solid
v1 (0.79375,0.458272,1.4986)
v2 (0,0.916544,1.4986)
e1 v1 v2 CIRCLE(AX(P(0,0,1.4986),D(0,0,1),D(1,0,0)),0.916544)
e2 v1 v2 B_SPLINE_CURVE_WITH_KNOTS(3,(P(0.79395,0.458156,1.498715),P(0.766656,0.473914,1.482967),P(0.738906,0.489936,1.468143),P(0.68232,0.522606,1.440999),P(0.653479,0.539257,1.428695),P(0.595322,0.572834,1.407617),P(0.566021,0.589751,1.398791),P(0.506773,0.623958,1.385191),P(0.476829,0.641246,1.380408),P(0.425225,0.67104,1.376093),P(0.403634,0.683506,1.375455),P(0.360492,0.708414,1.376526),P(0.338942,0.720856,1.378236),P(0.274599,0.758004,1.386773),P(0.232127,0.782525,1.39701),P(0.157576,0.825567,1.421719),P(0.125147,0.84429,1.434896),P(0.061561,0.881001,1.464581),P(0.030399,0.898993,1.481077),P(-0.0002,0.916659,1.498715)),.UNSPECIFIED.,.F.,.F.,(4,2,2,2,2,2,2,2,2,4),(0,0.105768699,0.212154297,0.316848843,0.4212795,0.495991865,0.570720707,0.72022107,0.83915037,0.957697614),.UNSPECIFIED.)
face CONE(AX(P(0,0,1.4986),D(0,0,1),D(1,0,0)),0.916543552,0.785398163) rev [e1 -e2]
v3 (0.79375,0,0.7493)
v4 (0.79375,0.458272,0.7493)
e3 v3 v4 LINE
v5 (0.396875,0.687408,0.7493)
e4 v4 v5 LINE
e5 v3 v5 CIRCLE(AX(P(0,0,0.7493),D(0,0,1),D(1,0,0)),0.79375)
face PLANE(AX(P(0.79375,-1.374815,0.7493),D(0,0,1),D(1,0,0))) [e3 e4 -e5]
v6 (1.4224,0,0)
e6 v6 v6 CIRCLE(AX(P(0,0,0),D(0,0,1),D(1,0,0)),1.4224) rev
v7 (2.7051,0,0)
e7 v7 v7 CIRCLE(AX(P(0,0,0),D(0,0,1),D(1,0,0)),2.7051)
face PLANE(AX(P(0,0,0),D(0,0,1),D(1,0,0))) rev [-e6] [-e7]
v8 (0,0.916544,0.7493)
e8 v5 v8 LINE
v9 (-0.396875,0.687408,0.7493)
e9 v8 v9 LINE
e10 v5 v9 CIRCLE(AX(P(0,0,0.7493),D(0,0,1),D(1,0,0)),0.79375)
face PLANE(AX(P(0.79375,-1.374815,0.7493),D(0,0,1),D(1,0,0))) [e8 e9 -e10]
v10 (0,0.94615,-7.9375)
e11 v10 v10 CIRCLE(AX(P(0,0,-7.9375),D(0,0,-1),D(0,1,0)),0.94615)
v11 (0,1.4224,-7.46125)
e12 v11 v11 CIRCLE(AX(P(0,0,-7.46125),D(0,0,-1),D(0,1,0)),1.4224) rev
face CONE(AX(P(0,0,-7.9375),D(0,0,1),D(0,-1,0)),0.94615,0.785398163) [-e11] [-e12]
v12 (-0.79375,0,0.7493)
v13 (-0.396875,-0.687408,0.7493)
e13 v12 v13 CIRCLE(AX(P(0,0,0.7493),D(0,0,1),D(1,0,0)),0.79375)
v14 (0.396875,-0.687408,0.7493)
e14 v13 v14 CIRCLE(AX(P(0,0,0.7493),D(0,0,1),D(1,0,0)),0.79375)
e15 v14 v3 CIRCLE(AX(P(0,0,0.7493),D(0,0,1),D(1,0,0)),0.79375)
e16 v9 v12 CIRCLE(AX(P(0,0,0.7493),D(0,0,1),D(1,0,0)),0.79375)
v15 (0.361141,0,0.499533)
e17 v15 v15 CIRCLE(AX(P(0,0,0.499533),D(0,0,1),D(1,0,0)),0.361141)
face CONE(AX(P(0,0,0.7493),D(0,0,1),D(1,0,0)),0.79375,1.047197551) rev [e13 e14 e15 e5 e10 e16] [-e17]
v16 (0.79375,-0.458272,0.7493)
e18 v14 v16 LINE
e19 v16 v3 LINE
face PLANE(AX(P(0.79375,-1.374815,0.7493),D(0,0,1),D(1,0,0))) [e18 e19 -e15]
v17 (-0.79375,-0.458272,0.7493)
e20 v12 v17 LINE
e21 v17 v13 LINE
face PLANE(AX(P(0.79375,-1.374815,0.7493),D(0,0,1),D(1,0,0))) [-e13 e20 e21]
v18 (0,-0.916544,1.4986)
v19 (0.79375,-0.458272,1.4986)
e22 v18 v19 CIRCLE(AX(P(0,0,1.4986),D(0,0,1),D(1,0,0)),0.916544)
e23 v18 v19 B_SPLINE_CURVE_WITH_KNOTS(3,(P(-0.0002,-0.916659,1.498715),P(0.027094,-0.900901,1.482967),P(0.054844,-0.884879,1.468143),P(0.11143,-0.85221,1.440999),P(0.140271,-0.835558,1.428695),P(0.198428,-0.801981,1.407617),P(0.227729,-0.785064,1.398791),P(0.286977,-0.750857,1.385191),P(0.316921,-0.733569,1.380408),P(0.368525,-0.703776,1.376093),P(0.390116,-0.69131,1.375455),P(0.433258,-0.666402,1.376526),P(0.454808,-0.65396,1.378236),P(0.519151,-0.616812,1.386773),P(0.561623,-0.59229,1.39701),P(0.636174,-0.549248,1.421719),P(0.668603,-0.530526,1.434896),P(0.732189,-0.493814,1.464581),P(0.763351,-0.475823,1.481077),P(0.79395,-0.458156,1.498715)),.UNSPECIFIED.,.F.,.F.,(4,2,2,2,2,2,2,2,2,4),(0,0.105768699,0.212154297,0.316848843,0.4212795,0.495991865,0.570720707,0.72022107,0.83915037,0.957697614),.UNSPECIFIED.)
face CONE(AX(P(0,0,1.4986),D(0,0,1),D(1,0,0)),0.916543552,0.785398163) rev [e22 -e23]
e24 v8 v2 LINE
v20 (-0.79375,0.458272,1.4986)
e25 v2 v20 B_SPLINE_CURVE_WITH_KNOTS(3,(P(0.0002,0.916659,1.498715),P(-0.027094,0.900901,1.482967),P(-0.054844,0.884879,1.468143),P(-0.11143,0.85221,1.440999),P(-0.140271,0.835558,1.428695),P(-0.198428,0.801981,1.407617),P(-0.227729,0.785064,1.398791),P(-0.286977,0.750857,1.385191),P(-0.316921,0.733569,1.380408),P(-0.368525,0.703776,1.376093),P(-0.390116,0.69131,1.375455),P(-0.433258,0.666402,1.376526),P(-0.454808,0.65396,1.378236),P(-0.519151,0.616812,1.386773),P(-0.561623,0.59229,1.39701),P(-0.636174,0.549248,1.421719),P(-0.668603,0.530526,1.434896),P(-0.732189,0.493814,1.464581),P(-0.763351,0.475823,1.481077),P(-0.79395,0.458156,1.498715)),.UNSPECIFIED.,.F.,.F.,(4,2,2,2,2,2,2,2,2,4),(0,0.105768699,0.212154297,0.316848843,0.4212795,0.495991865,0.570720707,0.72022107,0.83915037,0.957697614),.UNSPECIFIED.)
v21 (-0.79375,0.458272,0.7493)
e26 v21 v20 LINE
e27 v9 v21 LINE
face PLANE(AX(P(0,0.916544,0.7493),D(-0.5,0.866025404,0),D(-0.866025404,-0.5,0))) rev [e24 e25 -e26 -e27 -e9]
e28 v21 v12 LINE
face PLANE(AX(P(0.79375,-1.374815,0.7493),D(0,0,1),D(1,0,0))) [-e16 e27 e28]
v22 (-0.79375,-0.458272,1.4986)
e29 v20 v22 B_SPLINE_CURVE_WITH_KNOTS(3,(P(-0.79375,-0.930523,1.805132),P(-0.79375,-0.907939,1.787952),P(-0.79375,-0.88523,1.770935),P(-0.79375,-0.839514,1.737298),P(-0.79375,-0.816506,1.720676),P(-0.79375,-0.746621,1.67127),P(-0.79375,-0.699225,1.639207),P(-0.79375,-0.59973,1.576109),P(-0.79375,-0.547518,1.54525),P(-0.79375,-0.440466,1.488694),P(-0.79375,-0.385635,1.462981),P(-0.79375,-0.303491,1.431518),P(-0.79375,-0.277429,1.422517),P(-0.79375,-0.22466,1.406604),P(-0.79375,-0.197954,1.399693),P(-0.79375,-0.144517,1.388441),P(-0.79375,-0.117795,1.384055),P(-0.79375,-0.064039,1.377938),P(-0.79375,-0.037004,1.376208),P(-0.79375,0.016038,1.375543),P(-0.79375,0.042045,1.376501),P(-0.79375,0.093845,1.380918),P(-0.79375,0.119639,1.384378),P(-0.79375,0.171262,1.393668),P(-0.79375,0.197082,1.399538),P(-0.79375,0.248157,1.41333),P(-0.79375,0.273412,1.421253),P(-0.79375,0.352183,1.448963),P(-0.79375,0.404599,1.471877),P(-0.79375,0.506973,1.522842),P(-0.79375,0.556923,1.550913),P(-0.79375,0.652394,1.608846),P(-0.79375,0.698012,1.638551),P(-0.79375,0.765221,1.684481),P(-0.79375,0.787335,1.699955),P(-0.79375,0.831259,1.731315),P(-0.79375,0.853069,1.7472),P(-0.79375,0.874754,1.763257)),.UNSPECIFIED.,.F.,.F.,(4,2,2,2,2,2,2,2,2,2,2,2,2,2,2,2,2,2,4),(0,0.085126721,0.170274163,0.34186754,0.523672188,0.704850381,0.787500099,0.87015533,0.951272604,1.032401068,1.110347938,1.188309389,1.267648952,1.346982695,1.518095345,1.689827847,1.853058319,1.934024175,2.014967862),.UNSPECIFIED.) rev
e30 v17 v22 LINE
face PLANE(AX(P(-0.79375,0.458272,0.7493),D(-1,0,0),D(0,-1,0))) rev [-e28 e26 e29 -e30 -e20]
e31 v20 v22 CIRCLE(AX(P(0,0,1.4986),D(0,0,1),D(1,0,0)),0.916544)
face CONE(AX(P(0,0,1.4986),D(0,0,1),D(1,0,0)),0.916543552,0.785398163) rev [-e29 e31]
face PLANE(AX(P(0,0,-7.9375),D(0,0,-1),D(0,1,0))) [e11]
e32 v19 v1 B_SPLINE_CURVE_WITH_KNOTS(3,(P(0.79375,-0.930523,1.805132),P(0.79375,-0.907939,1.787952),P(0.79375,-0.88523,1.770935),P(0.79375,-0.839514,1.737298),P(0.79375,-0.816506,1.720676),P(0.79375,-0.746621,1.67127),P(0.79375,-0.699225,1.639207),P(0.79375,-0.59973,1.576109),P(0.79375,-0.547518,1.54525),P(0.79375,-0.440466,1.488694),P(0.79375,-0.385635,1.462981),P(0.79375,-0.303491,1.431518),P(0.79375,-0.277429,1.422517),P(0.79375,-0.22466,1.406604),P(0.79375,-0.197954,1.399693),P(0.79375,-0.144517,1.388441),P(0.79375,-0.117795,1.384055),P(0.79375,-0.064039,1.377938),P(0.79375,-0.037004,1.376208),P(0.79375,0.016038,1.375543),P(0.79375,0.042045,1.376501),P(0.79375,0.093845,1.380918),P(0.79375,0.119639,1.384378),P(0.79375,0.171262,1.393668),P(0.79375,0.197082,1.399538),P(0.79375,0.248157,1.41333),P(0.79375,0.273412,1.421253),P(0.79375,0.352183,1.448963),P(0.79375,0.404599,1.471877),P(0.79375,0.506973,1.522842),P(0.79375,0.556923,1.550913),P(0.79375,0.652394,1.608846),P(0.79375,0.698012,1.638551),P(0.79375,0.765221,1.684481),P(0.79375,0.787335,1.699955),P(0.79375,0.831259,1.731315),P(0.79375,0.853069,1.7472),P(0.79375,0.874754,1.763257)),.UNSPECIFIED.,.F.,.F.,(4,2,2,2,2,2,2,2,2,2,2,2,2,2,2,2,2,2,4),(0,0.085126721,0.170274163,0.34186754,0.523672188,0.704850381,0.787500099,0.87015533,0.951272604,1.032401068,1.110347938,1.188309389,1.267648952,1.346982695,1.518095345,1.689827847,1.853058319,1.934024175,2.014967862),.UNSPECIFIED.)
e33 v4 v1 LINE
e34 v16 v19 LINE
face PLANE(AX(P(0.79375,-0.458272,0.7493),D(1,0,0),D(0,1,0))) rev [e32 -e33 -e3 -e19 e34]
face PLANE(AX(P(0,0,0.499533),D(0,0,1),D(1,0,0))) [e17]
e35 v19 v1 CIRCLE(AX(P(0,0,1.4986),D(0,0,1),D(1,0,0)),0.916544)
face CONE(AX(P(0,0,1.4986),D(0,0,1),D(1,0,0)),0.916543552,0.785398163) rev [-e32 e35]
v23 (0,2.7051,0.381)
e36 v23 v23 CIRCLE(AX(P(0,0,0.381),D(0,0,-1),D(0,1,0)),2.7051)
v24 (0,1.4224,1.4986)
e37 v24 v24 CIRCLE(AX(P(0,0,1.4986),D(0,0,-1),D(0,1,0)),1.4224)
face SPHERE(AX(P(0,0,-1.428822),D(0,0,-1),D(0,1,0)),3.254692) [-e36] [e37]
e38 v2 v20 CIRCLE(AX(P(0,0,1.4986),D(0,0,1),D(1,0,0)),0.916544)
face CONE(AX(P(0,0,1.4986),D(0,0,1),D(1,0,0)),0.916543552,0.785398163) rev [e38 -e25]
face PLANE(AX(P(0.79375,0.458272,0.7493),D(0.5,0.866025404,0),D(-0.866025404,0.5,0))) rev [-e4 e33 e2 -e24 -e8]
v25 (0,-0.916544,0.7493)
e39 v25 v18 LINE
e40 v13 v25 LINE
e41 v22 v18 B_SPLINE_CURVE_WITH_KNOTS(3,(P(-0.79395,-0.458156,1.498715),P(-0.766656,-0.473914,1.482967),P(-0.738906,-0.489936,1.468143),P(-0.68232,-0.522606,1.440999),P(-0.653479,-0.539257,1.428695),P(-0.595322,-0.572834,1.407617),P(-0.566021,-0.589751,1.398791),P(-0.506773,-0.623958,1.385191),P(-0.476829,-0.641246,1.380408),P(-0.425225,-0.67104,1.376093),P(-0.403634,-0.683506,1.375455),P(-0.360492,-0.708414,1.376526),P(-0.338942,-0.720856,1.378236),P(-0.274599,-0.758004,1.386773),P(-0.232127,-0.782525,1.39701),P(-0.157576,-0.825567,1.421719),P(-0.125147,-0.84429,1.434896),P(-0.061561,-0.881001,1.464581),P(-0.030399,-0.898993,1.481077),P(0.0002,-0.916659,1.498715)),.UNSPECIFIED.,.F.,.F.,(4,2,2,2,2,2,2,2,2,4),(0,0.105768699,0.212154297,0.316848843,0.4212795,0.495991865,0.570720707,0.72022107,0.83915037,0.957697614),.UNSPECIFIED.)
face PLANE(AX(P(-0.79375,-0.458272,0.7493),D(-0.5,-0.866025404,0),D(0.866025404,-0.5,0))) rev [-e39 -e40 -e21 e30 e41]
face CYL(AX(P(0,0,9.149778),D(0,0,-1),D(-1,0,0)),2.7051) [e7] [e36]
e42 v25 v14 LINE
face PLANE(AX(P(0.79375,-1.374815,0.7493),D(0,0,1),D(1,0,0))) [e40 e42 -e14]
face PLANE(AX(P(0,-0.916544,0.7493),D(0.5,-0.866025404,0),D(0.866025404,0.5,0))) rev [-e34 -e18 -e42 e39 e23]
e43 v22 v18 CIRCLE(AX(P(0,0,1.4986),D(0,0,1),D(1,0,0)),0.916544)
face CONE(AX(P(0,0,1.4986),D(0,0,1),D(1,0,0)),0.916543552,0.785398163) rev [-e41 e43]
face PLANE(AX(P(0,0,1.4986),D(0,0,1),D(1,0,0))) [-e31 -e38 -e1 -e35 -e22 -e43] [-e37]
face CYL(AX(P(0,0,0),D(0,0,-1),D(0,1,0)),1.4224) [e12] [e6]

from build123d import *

# Parameters (mm, degrees)
SKETCH1_W          = 7.9375
SKETCH1_H          = 1.4224
CHAMFER1_SIZE      = 0.47625
SKETCH4_R          = 2.7051
EXTRUDE1_DEPTH     = 1.4986
CUT_EXTRUDE1_DEPTH = 0.7493
SKETCH7_R          = 0.916543552
CUT_EXTRUDE4_DEPTH = 0.7493
CUT_EXTRUDE4_TAPER = 45
SKETCH8_R          = 0.79375
CUT_EXTRUDE5_DEPTH = 0.249766667
CUT_EXTRUDE5_TAPER = 60


with BuildPart() as part:
    # Sketch1 → Revolve1 (revolve)
    with BuildSketch(Plane(origin=(0, 0, 0), x_dir=(0, 0, -1), z_dir=(1, 0, 0))):
        with Locations((3.96875, 0.7112)):
            Rectangle(SKETCH1_W, SKETCH1_H)
    revolve(axis=Axis((0, 0, 0), (0, 0, 1)))

    # Chamfer1
    chamfer1_edges = [part.edges().sort_by_distance(p)[0] for p in [
        (0, -1.4224, -7.9375),
    ]]
    chamfer(chamfer1_edges, length=CHAMFER1_SIZE)

    # Sketch4 → Extrude1 (add)
    with BuildSketch(Plane.XY):
        Circle(SKETCH4_R)
    extrude(amount=EXTRUDE1_DEPTH)

    # Sketch9 → Cut-Revolve3 (revolve, cut)
    with BuildSketch(Plane(origin=(0, 0, 0), x_dir=(0, 0, -1), z_dir=(1, 0, 0))):
        with BuildLine():
            Line((0, 2.7051), (-0.381, 2.7051))
            ThreePointArc((-0.381, 2.7051), (-1.025093234, 2.138064897), (-1.4986, 1.4224))
            Line((-1.4986, 1.4224), (-1.8796, 1.4224))
            Line((-1.8796, 1.4224), (-1.8796, 3.0861))
            Line((-1.8796, 3.0861), (0, 3.0861))
            Line((0, 3.0861), (0, 2.7051))
        make_face()
    revolve(axis=Axis((0, 0, 0), (0, 0, 1)), mode=Mode.SUBTRACT)

    # Sketch6 → Cut-Extrude1 (cut)
    with BuildSketch(Plane.XY.offset(1.4986)):
        Polygon((0, -0.916543552), (0.79375, -0.458271776), (0.79375, 0.458271776), (0, 0.916543552), (-0.79375, 0.458271776), (-0.79375, -0.458271776), align=None)
    extrude(amount=-CUT_EXTRUDE1_DEPTH, mode=Mode.SUBTRACT)

    # Sketch7 → Cut-Extrude4 (cut)
    with BuildSketch(Plane.XY.offset(1.4986)):
        Circle(SKETCH7_R)
    extrude(amount=-CUT_EXTRUDE4_DEPTH, taper=CUT_EXTRUDE4_TAPER, mode=Mode.SUBTRACT)

    # Sketch8 → Cut-Extrude5 (cut)
    with BuildSketch(Plane.XY.offset(0.7493)):
        Circle(SKETCH8_R)
    extrude(amount=-CUT_EXTRUDE5_DEPTH, taper=CUT_EXTRUDE5_TAPER, mode=Mode.SUBTRACT)


solid = part.part
